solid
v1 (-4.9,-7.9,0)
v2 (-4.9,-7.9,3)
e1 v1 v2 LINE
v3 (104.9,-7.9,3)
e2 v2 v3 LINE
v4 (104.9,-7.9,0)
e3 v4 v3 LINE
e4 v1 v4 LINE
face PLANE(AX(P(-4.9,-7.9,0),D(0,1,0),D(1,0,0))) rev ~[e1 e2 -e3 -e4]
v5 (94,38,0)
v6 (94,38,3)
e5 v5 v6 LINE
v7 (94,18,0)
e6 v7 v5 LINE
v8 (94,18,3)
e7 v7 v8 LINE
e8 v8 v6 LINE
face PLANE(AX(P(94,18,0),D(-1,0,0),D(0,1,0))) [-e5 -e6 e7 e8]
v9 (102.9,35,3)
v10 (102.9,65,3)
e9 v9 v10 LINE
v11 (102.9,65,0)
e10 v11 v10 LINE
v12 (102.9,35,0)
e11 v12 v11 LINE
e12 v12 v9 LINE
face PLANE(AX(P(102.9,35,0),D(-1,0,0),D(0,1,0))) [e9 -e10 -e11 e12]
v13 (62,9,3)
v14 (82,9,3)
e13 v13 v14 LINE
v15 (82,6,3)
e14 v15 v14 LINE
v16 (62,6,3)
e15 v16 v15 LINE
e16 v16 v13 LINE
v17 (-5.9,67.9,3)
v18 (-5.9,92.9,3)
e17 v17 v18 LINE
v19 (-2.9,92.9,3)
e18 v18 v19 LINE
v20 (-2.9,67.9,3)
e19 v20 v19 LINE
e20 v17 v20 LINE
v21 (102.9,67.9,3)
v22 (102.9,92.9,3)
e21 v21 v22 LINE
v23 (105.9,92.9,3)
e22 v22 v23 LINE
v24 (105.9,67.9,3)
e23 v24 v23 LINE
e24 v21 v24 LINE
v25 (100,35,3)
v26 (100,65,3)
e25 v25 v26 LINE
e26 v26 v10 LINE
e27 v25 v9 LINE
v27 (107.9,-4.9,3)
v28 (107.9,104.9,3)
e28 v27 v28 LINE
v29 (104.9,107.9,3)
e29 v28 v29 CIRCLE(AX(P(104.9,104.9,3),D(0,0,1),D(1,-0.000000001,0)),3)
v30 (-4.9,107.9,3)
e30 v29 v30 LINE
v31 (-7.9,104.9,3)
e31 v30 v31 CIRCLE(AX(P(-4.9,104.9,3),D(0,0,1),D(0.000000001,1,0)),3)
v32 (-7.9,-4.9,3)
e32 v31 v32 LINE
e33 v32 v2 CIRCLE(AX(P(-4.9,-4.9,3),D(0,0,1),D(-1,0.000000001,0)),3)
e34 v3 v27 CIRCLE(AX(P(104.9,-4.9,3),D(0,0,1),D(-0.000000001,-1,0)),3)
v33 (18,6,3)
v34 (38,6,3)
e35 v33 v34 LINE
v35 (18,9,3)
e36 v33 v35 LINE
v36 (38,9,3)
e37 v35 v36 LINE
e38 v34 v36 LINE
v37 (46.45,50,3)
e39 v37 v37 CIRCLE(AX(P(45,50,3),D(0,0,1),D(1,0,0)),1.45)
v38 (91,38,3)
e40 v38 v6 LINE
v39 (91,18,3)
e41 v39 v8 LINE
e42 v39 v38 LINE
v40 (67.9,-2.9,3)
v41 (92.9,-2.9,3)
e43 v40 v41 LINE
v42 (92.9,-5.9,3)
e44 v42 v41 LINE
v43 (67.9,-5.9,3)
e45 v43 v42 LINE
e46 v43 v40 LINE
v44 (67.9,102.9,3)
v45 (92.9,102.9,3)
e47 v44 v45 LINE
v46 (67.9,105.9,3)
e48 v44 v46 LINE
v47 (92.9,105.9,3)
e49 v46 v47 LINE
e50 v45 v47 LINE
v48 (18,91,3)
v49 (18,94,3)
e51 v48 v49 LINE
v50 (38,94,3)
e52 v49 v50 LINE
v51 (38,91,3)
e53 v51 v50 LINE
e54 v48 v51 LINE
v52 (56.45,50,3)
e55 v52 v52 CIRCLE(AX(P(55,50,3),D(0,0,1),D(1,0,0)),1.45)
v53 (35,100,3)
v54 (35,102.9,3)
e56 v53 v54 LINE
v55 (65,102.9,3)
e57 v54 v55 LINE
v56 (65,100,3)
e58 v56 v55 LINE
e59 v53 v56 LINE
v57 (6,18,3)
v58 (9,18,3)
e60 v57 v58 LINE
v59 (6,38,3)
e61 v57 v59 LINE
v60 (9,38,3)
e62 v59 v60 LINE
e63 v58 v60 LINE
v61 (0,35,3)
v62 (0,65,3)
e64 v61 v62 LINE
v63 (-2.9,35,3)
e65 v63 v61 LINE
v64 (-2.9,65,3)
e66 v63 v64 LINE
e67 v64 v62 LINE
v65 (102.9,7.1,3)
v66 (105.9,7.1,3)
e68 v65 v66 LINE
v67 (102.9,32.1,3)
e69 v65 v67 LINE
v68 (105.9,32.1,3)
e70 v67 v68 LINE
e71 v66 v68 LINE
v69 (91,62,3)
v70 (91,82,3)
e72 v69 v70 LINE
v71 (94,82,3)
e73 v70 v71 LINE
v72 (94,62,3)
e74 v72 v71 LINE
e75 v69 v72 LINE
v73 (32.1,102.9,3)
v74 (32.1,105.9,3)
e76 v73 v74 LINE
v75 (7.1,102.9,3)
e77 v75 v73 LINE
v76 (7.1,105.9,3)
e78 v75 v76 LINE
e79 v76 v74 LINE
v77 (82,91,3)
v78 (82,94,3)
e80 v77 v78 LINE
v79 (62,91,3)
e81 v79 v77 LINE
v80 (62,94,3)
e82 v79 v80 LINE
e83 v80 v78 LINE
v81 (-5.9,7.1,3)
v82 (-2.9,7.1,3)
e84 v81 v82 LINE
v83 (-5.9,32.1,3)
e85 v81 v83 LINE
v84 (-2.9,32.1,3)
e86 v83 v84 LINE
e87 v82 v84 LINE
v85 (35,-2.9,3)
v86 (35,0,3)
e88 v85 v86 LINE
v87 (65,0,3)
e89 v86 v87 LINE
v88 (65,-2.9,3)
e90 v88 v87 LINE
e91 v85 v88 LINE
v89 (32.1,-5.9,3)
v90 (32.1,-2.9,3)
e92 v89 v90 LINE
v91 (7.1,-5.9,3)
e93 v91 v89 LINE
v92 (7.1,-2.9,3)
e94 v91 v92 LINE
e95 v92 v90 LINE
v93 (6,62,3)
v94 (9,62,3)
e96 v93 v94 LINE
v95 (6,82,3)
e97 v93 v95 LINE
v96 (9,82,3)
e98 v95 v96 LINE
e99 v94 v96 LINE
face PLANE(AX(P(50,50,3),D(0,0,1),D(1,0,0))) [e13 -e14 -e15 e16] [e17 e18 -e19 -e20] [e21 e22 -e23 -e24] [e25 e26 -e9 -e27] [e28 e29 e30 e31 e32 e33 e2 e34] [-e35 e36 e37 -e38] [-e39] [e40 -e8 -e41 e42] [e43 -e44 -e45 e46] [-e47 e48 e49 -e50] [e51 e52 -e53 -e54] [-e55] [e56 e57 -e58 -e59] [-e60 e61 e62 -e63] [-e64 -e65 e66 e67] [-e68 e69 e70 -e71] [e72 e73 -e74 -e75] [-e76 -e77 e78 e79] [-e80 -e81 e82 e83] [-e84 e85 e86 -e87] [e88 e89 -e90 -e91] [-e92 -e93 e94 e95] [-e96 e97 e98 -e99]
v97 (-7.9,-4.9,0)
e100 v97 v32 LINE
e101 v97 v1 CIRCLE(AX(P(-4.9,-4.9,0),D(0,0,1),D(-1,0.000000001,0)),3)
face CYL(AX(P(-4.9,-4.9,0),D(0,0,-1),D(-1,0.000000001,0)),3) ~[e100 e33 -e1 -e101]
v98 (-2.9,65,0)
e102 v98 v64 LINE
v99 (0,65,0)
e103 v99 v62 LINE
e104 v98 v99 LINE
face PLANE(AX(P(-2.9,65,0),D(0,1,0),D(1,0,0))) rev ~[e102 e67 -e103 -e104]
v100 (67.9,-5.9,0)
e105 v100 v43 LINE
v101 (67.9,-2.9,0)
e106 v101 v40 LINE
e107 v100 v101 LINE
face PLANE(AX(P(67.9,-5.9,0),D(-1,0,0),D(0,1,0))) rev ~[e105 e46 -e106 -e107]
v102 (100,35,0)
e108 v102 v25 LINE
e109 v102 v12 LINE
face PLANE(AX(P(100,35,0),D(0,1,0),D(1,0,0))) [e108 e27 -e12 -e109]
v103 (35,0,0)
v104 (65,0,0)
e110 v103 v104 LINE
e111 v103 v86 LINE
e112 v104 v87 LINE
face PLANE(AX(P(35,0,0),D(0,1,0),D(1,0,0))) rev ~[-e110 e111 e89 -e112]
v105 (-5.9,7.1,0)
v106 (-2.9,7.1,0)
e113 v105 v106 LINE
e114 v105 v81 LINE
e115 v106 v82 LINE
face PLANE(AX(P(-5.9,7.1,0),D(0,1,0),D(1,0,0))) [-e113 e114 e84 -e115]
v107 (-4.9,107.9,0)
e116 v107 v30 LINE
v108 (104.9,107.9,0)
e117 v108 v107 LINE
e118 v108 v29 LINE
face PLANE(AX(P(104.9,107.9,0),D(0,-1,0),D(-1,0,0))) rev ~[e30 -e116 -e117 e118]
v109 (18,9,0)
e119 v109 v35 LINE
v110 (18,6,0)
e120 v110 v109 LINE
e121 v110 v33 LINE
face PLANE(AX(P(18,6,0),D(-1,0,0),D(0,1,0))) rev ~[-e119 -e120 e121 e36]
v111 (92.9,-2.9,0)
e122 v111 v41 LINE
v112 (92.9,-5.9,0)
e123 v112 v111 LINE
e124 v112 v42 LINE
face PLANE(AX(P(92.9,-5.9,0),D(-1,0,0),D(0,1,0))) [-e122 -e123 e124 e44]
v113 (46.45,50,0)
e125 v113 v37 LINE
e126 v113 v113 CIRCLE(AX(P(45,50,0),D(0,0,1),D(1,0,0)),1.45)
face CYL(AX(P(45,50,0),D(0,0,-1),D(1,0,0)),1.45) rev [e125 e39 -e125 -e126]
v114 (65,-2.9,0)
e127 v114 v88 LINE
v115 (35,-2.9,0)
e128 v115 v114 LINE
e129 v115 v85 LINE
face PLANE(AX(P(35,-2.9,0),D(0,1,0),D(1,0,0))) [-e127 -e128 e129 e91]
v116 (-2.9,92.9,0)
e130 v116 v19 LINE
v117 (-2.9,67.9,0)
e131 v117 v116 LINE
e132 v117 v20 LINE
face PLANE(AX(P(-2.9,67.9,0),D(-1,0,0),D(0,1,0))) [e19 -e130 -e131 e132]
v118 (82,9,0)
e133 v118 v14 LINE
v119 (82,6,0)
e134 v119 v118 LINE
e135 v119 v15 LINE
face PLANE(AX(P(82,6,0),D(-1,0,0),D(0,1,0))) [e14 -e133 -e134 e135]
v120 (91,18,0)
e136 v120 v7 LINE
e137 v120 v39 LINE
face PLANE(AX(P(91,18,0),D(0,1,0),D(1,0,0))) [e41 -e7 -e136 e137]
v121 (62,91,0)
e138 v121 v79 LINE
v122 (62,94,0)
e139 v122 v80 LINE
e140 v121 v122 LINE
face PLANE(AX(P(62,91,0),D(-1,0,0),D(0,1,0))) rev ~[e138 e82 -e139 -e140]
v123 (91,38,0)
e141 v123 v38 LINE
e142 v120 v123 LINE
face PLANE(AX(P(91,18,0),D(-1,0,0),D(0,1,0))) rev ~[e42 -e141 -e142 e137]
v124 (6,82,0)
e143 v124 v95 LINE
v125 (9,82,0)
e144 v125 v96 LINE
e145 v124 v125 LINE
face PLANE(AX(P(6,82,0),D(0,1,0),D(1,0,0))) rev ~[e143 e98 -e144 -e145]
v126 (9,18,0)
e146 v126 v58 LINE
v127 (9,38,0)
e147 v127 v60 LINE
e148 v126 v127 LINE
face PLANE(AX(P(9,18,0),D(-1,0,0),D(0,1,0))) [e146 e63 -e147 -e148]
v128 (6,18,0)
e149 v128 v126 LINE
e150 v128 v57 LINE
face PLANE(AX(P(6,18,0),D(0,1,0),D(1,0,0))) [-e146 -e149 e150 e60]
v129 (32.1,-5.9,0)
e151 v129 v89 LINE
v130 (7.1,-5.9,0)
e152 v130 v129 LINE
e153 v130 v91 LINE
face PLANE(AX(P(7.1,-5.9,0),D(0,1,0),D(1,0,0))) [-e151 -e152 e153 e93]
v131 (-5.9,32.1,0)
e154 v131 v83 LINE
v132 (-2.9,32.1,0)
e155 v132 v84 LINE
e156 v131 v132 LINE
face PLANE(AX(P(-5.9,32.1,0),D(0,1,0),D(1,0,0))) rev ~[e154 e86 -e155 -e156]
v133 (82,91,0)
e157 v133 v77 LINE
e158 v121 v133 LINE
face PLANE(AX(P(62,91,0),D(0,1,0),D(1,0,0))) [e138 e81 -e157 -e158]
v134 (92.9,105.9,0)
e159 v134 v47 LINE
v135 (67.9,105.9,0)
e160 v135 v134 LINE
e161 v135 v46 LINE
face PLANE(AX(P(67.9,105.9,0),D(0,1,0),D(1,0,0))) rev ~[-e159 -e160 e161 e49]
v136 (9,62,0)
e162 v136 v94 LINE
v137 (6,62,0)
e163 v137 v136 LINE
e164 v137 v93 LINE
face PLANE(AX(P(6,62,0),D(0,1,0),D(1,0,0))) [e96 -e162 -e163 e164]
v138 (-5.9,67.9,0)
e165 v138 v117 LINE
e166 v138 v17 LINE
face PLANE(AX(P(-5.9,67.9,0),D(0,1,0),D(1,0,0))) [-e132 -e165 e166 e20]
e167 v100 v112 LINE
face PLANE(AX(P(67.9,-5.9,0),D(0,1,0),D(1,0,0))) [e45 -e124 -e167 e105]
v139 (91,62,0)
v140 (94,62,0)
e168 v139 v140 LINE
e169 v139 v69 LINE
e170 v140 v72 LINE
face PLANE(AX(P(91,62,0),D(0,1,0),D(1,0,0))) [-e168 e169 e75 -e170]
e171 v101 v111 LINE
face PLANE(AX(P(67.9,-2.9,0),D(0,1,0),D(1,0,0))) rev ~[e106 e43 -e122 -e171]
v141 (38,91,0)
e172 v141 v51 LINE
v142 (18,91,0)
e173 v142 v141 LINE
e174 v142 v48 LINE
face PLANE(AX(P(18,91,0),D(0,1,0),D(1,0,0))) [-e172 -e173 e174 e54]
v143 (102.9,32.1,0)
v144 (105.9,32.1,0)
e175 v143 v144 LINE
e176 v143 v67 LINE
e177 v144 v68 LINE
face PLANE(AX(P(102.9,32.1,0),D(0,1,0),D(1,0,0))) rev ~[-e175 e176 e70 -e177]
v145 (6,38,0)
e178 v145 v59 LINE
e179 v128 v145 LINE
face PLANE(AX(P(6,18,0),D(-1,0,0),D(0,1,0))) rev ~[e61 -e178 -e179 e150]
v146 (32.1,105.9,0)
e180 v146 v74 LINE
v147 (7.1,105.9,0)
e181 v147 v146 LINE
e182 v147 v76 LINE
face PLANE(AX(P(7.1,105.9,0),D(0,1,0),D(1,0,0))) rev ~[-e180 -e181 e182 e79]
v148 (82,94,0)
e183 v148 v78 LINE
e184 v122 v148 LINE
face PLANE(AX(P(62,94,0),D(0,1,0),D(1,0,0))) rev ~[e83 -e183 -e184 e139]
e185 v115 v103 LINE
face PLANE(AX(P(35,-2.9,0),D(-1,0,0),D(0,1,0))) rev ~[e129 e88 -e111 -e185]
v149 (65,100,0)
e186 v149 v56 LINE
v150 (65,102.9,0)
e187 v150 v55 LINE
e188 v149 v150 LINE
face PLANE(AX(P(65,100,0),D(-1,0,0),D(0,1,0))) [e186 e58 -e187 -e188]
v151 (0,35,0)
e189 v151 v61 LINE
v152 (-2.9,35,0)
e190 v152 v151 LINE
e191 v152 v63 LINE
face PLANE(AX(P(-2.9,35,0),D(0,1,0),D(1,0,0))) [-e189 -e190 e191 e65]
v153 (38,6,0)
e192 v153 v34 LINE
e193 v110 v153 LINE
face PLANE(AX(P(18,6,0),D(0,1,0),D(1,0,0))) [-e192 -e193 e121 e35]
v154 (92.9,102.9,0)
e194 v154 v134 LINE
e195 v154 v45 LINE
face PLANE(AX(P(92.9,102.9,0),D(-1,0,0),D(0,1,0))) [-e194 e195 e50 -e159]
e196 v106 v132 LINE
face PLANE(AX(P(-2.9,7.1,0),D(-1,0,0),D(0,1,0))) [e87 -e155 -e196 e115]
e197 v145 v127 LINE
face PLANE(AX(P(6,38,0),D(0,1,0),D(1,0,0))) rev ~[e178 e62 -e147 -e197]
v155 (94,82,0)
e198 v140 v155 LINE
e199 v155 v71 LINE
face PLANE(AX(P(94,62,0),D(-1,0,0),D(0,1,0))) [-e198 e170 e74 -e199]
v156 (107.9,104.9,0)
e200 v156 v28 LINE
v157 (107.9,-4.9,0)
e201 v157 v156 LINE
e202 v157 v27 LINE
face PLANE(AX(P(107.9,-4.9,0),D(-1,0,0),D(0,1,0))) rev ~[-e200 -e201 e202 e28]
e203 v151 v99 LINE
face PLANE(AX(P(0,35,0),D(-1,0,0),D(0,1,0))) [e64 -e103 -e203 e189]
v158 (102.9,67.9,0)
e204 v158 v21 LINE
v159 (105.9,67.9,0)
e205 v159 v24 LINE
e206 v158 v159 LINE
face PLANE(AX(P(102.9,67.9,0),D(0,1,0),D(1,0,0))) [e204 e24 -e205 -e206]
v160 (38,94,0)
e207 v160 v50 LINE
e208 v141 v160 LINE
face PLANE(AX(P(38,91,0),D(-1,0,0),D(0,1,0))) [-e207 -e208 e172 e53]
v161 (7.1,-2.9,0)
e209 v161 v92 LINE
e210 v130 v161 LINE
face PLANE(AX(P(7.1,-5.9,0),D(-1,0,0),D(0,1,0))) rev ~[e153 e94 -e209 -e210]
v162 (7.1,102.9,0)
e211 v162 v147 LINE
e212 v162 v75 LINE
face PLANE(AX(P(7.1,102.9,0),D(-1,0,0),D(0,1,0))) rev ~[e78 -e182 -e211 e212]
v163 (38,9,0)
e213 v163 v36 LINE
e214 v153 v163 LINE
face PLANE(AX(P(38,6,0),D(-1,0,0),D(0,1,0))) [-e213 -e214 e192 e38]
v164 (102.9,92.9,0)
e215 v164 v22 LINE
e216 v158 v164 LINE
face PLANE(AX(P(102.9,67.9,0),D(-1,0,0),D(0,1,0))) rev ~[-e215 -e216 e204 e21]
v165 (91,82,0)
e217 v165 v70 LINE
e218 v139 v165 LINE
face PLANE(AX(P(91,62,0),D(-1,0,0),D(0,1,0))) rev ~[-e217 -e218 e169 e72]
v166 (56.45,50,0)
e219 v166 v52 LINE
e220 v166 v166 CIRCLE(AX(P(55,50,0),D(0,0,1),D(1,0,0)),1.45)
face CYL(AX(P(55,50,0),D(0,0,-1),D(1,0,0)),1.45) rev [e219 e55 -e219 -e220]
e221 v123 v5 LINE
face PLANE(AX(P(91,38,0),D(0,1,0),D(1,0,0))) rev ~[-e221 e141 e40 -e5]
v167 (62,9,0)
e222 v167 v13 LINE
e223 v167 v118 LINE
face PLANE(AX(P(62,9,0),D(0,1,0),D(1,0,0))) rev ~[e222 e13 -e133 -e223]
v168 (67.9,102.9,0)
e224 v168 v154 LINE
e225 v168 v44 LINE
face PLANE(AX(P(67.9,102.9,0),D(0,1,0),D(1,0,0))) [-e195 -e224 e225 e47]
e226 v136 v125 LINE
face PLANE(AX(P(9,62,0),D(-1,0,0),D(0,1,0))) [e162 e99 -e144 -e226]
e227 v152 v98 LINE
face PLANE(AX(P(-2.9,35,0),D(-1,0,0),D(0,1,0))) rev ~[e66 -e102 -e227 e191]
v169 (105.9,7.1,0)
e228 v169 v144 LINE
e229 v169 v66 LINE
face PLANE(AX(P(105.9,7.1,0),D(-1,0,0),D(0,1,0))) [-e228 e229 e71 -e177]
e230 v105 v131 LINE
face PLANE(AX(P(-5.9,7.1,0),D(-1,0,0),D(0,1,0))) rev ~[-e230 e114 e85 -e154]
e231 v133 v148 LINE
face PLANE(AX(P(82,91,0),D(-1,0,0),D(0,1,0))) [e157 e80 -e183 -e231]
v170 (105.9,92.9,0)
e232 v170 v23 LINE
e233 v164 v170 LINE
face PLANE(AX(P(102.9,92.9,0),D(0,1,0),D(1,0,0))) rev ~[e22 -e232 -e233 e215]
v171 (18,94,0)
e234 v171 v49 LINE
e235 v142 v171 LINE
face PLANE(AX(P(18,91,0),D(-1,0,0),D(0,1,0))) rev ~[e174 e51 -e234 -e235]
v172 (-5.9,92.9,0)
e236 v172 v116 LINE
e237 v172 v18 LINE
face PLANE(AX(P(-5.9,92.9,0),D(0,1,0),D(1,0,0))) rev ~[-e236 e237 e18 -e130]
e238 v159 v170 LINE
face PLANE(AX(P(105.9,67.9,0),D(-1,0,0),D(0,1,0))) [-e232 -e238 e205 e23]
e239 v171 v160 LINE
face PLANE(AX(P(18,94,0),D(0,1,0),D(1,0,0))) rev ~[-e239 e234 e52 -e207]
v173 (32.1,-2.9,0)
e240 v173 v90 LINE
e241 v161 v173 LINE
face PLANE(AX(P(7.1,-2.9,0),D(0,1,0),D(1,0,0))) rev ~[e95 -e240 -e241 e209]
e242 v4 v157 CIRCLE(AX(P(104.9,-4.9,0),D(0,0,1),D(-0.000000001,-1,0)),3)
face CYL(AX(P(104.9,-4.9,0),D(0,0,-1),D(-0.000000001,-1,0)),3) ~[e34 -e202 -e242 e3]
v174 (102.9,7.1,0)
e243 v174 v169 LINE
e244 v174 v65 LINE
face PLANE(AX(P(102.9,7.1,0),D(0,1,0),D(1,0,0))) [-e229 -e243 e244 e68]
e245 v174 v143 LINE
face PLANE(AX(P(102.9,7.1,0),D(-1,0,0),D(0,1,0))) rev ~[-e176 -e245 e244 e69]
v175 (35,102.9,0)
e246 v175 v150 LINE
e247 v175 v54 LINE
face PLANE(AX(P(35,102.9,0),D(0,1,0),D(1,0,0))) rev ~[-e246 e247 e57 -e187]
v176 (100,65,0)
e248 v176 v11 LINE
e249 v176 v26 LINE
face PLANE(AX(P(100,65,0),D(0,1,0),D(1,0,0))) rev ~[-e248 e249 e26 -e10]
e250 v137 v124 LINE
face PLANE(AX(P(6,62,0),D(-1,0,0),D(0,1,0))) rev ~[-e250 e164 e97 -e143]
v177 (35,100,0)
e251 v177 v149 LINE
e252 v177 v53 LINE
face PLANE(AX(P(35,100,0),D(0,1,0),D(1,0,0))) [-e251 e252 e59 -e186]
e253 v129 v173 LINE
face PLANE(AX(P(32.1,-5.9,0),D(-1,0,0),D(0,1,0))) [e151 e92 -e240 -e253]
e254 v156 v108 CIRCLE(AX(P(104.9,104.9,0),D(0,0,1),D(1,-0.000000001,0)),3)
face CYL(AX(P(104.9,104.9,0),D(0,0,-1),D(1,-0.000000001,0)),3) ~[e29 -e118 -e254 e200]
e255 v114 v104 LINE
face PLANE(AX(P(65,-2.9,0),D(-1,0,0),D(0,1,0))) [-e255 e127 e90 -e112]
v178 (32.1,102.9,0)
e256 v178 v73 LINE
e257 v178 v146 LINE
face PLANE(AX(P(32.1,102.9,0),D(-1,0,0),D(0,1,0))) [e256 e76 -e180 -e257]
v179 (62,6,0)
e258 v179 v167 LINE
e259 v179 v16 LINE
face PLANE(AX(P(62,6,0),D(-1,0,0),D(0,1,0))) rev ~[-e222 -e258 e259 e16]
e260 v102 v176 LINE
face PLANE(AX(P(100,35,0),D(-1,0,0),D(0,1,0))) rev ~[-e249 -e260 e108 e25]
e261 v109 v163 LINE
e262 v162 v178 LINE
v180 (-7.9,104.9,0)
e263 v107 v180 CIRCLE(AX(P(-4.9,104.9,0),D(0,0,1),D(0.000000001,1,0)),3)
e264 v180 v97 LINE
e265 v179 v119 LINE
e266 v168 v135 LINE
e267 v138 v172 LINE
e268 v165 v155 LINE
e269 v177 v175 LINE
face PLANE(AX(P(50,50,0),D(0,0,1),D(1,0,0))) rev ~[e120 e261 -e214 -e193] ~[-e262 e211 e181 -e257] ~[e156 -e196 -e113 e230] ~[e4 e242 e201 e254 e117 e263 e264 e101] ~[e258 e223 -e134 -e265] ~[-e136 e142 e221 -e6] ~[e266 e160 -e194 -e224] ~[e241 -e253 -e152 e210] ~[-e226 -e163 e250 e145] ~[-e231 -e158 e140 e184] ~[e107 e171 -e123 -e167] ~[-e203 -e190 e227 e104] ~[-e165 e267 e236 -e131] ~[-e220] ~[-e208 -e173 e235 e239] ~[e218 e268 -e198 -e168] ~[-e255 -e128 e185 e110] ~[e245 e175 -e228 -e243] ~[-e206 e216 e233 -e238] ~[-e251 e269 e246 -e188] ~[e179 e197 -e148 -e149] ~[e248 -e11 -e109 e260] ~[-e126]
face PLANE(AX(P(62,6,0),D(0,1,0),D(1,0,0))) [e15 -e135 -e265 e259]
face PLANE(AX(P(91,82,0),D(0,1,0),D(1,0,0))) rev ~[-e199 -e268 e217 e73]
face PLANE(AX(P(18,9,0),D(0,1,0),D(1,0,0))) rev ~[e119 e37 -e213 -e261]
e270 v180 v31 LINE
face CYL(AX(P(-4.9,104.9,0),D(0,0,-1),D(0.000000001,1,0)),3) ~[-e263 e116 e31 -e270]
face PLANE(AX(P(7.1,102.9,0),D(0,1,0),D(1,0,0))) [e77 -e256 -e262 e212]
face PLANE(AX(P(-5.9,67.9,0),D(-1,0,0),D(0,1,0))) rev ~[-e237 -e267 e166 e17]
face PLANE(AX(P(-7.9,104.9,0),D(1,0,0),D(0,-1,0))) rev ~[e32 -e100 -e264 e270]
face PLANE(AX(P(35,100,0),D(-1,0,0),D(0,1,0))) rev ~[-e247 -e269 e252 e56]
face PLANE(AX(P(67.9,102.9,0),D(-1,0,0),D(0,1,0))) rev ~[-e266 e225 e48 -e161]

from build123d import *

# Parameters (mm, degrees)
SKETCH_1_R      = 1.45
SKETCH_1_W      = 25
SKETCH_1_H      = 3
SKETCH_1_W_2    = 3
SKETCH_1_H_2    = 25
SKETCH_1_W_3    = 20
SKETCH_1_H_3    = 20
SKETCH_1_W_4    = 30
SKETCH_1_H_4    = 2.9
SKETCH_1_W_5    = 2.9
SKETCH_1_H_5    = 30
EXTRUDE_2_DEPTH = 3


with BuildPart() as part:
    # 草图1 → 凸台-拉伸2 (new body)
    with BuildSketch(Plane.XY):
        with BuildLine():
            Line((104.9, 107.9), (-4.9, 107.9))
            ThreePointArc((-4.9, 107.9), (-7.021320344, 107.021320344), (-7.9, 104.9))
            Line((-7.9, 104.9), (-7.9, -4.9))
            ThreePointArc((-7.9, -4.9), (-7.021320344, -7.021320344), (-4.9, -7.9))
            Line((-4.9, -7.9), (104.9, -7.9))
            ThreePointArc((104.9, -7.9), (107.021320344, -7.021320344), (107.9, -4.9))
            Line((107.9, -4.9), (107.9, 104.9))
            ThreePointArc((107.9, 104.9), (107.021320344, 107.021320344), (104.9, 107.9))
        make_face()
        with Locations((45, 50)):
            Circle(SKETCH_1_R, mode=Mode.SUBTRACT)
        with Locations((55, 50)):
            Circle(SKETCH_1_R, mode=Mode.SUBTRACT)
        with Locations((19.6, -4.4)):
            Rectangle(SKETCH_1_W, SKETCH_1_H, mode=Mode.SUBTRACT)
        with Locations((-4.4, 19.6)):
            Rectangle(SKETCH_1_W_2, SKETCH_1_H_2, mode=Mode.SUBTRACT)
        with Locations((28, 7.5)):
            Rectangle(SKETCH_1_W_3, SKETCH_1_H, mode=Mode.SUBTRACT)
        with Locations((7.5, 28)):
            Rectangle(SKETCH_1_W_2, SKETCH_1_H_3, mode=Mode.SUBTRACT)
        with Locations((50, -1.45)):
            Rectangle(SKETCH_1_W_4, SKETCH_1_H_4, mode=Mode.SUBTRACT)
        with Locations((72, 7.5)):
            Rectangle(SKETCH_1_W_3, SKETCH_1_H, mode=Mode.SUBTRACT)
        with Locations((80.4, -4.4)):
            Rectangle(SKETCH_1_W, SKETCH_1_H, mode=Mode.SUBTRACT)
        with Locations((104.4, 19.6)):
            Rectangle(SKETCH_1_W_2, SKETCH_1_H_2, mode=Mode.SUBTRACT)
        with Locations((92.5, 28)):
            Rectangle(SKETCH_1_W_2, SKETCH_1_H_3, mode=Mode.SUBTRACT)
        with Locations((-1.45, 50)):
            Rectangle(SKETCH_1_W_5, SKETCH_1_H_5, mode=Mode.SUBTRACT)
        with Locations((7.5, 72)):
            Rectangle(SKETCH_1_W_2, SKETCH_1_H_3, mode=Mode.SUBTRACT)
        with Locations((-4.4, 80.4)):
            Rectangle(SKETCH_1_W_2, SKETCH_1_H_2, mode=Mode.SUBTRACT)
        with Locations((19.6, 104.4)):
            Rectangle(SKETCH_1_W, SKETCH_1_H, mode=Mode.SUBTRACT)
        with Locations((28, 92.5)):
            Rectangle(SKETCH_1_W_3, SKETCH_1_H, mode=Mode.SUBTRACT)
        with Locations((80.4, 104.4)):
            Rectangle(SKETCH_1_W, SKETCH_1_H, mode=Mode.SUBTRACT)
        with Locations((101.45, 50)):
            Rectangle(SKETCH_1_W_5, SKETCH_1_H_5, mode=Mode.SUBTRACT)
        with Locations((92.5, 72)):
            Rectangle(SKETCH_1_W_2, SKETCH_1_H_3, mode=Mode.SUBTRACT)
        with Locations((72, 92.5)):
            Rectangle(SKETCH_1_W_3, SKETCH_1_H, mode=Mode.SUBTRACT)
        with Locations((50, 101.45)):
            Rectangle(SKETCH_1_W_4, SKETCH_1_H_4, mode=Mode.SUBTRACT)
        with Locations((104.4, 80.4)):
            Rectangle(SKETCH_1_W_2, SKETCH_1_H_2, mode=Mode.SUBTRACT)
    extrude(amount=EXTRUDE_2_DEPTH)


solid = part.part
